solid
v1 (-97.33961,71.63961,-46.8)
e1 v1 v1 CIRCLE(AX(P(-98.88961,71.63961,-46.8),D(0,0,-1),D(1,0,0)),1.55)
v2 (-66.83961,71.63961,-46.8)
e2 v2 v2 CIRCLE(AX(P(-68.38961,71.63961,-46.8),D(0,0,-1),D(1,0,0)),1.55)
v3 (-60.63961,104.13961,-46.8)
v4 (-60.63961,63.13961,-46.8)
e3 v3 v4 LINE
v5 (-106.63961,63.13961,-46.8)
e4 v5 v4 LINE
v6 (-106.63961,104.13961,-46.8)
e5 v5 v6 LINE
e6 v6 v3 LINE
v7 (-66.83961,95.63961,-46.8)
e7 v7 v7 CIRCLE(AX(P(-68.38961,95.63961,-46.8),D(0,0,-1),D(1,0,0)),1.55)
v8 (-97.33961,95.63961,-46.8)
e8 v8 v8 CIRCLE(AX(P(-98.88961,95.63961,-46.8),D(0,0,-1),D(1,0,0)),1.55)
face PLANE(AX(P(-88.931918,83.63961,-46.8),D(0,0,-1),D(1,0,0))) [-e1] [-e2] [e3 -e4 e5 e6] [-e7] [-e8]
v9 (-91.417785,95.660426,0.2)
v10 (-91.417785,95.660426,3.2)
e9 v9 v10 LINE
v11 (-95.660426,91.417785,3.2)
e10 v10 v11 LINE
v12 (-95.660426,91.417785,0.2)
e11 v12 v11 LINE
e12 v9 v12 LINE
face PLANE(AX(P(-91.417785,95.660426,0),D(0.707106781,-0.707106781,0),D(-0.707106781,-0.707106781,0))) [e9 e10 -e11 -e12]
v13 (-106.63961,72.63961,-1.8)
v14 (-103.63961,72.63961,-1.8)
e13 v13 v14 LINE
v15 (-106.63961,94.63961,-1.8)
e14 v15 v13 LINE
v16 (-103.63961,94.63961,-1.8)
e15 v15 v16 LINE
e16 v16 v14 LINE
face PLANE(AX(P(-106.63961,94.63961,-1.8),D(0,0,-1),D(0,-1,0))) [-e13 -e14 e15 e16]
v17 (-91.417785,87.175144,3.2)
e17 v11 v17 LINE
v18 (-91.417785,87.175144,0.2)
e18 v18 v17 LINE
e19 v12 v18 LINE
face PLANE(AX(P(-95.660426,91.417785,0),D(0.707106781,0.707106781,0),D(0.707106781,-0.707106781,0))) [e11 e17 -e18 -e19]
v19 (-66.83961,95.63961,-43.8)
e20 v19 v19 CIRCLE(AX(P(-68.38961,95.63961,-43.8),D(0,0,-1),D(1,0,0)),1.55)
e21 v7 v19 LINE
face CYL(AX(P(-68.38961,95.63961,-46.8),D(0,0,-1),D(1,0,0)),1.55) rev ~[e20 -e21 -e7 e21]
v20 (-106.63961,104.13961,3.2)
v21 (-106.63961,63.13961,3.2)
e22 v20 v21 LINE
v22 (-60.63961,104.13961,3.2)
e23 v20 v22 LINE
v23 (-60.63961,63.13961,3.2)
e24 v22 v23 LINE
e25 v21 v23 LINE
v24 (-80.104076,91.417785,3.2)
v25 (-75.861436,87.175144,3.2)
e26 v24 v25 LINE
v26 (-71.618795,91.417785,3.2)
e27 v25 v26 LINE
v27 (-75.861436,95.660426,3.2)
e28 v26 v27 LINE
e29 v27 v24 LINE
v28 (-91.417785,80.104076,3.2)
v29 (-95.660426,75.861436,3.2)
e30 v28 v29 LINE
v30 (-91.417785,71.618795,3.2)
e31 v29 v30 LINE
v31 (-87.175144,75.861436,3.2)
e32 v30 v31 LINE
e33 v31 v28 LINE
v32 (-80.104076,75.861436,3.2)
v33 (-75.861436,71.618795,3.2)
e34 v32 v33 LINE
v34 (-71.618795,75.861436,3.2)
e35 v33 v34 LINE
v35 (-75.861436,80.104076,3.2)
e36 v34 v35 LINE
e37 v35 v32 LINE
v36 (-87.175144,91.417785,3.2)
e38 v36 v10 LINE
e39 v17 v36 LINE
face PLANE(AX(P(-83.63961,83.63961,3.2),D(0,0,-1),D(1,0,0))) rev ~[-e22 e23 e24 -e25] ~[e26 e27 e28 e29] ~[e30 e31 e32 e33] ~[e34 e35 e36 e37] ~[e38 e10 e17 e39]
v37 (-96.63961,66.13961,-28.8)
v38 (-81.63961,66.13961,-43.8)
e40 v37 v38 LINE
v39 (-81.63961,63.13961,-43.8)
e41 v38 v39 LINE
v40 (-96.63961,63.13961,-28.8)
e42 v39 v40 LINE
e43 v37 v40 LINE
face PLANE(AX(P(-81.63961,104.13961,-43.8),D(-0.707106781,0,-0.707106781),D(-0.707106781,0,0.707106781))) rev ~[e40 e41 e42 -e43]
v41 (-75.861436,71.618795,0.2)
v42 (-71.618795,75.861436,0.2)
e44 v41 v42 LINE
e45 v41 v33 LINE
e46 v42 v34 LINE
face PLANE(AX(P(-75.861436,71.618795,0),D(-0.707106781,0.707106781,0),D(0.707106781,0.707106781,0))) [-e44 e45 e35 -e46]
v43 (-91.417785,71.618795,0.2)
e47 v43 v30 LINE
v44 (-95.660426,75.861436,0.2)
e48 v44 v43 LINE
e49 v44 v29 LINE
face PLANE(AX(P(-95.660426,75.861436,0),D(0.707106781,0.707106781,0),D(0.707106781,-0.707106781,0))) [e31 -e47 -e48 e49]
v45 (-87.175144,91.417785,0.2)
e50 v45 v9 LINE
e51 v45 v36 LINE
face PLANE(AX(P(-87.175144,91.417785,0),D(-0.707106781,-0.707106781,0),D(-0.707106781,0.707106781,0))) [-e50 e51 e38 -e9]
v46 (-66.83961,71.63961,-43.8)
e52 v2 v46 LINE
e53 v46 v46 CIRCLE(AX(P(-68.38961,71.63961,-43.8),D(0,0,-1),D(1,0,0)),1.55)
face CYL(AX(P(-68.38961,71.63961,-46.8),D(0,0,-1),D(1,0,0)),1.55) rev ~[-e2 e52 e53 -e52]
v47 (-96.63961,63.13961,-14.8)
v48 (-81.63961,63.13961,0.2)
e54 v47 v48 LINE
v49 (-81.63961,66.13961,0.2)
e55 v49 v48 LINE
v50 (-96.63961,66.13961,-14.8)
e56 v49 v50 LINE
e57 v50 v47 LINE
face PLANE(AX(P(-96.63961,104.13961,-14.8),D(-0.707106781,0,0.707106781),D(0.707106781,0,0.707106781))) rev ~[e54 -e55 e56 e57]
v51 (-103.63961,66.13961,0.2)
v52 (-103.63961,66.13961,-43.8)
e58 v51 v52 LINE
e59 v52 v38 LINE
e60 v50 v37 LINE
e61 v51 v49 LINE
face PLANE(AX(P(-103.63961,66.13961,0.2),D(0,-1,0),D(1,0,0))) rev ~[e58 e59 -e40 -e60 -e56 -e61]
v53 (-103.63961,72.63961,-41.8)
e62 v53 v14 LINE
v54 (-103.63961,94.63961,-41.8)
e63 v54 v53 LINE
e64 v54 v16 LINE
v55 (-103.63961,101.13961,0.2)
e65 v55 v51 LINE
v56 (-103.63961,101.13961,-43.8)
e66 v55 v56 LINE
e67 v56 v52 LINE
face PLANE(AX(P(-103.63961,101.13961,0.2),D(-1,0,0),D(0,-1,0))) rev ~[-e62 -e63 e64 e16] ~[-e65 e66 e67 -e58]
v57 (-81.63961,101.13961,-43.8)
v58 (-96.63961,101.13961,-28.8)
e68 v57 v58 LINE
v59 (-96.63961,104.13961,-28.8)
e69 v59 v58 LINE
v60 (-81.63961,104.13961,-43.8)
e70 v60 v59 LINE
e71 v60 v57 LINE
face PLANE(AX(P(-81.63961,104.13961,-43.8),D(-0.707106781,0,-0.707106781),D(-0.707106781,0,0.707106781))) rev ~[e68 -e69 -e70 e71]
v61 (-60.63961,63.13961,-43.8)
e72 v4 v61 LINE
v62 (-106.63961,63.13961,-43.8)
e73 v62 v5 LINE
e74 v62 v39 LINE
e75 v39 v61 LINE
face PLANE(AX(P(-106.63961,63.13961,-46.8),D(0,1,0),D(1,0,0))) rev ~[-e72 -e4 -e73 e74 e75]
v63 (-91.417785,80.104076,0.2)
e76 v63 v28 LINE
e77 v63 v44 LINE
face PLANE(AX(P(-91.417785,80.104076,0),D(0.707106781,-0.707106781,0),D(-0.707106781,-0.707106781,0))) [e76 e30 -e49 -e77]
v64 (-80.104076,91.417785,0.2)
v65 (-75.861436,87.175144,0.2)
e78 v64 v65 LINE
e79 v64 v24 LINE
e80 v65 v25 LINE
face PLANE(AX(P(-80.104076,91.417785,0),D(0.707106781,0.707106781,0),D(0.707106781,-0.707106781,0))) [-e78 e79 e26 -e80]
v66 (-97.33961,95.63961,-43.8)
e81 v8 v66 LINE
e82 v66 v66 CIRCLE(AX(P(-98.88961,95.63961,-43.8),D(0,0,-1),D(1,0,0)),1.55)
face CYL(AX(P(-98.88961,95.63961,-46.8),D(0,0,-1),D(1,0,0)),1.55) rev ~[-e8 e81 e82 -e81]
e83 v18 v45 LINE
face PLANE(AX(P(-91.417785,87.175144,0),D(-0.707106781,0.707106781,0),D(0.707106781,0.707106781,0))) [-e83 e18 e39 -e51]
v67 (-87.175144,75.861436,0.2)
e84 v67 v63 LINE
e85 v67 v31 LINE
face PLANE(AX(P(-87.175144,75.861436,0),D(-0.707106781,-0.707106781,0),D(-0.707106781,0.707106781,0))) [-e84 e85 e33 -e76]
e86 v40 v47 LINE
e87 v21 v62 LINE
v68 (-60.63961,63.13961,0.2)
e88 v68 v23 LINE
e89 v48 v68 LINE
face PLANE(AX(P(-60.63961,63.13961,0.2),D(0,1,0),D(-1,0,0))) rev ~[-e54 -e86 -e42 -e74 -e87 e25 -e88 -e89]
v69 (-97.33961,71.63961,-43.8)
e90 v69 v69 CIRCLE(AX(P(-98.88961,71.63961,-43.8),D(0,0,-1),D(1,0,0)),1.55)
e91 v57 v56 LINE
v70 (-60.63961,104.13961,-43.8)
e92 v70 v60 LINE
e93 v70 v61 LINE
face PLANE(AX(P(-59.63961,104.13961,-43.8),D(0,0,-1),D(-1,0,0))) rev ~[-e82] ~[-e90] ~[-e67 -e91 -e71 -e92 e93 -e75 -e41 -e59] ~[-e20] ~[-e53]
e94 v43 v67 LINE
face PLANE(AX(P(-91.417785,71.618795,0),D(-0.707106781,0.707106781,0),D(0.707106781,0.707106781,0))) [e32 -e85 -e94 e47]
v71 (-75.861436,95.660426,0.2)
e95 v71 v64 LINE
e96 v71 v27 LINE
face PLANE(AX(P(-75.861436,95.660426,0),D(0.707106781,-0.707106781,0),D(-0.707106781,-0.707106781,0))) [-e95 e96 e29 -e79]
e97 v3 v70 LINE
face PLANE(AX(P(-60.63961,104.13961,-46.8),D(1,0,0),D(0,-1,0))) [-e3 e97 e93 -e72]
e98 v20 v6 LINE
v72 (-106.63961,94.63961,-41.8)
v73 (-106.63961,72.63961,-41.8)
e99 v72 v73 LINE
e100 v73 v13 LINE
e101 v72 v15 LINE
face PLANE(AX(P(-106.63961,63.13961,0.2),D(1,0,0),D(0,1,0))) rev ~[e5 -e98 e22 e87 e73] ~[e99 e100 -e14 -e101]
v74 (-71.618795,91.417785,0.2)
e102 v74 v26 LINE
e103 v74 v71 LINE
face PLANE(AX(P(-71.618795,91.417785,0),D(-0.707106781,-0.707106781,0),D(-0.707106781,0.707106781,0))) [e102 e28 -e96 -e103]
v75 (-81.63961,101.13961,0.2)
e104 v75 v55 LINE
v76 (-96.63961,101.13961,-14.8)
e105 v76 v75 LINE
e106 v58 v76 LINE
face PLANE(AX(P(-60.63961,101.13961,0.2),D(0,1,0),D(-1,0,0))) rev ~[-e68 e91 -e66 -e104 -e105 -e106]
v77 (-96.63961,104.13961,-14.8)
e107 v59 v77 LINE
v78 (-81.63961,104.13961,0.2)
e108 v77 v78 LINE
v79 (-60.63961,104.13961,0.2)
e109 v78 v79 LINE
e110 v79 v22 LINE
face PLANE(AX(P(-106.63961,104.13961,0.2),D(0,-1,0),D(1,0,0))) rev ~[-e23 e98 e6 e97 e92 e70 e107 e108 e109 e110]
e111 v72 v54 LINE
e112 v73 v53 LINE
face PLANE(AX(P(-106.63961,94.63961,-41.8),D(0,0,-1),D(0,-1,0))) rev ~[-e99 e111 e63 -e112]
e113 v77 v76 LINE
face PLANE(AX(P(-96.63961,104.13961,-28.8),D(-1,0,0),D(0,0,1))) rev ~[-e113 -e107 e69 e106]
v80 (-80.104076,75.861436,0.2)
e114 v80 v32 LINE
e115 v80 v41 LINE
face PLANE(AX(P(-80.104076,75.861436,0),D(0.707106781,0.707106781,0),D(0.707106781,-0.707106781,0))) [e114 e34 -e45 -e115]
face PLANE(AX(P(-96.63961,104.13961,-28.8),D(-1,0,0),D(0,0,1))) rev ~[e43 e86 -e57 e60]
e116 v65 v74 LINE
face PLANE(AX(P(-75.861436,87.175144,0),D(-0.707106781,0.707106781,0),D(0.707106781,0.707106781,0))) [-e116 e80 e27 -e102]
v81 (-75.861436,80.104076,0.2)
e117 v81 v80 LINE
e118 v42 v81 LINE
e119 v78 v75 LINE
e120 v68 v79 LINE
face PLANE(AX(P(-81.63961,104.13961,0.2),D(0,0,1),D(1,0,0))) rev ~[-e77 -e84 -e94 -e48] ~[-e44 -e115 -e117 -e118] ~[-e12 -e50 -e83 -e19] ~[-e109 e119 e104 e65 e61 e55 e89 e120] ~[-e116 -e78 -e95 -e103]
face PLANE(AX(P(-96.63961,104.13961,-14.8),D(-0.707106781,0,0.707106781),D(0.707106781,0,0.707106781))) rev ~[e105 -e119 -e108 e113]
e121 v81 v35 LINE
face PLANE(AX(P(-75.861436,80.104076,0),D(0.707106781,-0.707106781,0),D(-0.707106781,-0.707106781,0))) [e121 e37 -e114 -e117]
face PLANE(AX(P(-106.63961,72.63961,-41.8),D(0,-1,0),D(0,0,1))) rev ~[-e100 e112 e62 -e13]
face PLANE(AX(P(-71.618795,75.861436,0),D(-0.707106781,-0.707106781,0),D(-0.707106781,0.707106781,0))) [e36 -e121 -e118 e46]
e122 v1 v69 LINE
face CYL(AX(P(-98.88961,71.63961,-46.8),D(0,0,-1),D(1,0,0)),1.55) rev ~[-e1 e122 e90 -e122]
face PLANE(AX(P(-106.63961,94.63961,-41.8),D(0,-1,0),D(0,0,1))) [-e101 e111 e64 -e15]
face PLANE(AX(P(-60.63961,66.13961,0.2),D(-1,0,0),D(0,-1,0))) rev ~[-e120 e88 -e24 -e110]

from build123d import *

# Parameters (mm, degrees)
SKETCH033_W     = 46
SKETCH033_H     = 41
PAD022_DEPTH    = 3
POCKET011_DEPTH = 5
PAD023_DEPTH    = 47
SKETCH036_W     = 46
SKETCH036_H     = 41
PAD024_DEPTH    = 3
SKETCH037_R     = 1.55
POCKET012_DEPTH = 5
POCKET013_DEPTH = 41.001
SKETCH039_W     = 22
SKETCH039_H     = 40
POCKET014_DEPTH = 5


with BuildPart() as part:
    # Sketch033 (on Face1 of Binder006) → Pad022 (new body)
    with BuildSketch(Plane(origin=(0, 0, 3.2), x_dir=(1, 0, 0), z_dir=(0, 0, -1))):
        with Locations((-83.6396103068, -83.6396103068)):
            Rectangle(SKETCH033_W, SKETCH033_H)
    extrude(amount=PAD022_DEPTH)

    # Sketch034 → Pocket011 (cut)
    with BuildSketch(Plane.XY):
        Polygon((-91.4177848998, 95.660425587), (-95.660425587, 91.4177848998), (-91.4177848998, 87.1751442127), (-87.1751442127, 91.4177848998), align=None)
        Polygon((-75.8614357137, 95.660425587), (-80.1040764009, 91.4177848998), (-75.8614357137, 87.1751442127), (-71.6187950266, 91.4177848998), align=None)
        Polygon((-91.4177848998, 80.1040764009), (-95.660425587, 75.8614357137), (-91.4177848998, 71.6187950266), (-87.1751442127, 75.8614357137), align=None)
        Polygon((-80.1040764009, 75.8614357137), (-75.8614357137, 71.6187950266), (-71.6187950266, 75.8614357137), (-75.8614357137, 80.1040764009), align=None)
    extrude(amount=POCKET011_DEPTH, mode=Mode.SUBTRACT)

    # Sketch035 (on Face5 of Pocket011) → Pad023 (join)
    with BuildSketch(Plane(origin=(0, 0, 0.2), x_dir=(1, 0, 0), z_dir=(0, 0, -1))):
        Polygon((-60.6396103068, -63.1396103068), (-106.6396103068, -63.1396103068), (-106.6396103068, -104.1396103068), (-60.6396103068, -104.1396103068), (-60.6396103068, -101.1396103068), (-103.6396103068, -101.1396103068), (-103.6396103068, -66.1396103068), (-60.6396103068, -66.1396103068), align=None)
    extrude(amount=PAD023_DEPTH)

    # Sketch036 (on Face20 of Pad023) → Pad024 (join)
    with BuildSketch(Plane(origin=(0, 0, -46.8), x_dir=(1, 0, 0), z_dir=(0, 0, -1))):
        with Locations((-83.63961, -83.63961)):
            Rectangle(SKETCH036_W, SKETCH036_H)
    extrude(amount=-PAD024_DEPTH)

    # Sketch037 (on Face27 of Pad024) → Pocket012 (cut)
    with BuildSketch(Plane(origin=(0, 0, -46.8), x_dir=(1, 0, 0), z_dir=(0, 0, -1))):
        with Locations((-98.8896103068, -71.6396103068)):
            Circle(SKETCH037_R)
        with Locations((-68.3896103068, -71.6396103068)):
            Circle(SKETCH037_R)
        with Locations((-98.8896103068, -95.6396103068)):
            Circle(SKETCH037_R)
        with Locations((-68.3896103068, -95.6396103068)):
            Circle(SKETCH037_R)
    extrude(amount=-POCKET012_DEPTH, mode=Mode.SUBTRACT)

    # Sketch038 (on Face27 of Pocket012) → Pocket013 (cut, through all)
    with BuildSketch(Plane(origin=(0, 104.1396103068, 0), x_dir=(-1, 0, 0), z_dir=(0, 1, 0))):
        Polygon((81.6396103068, 0.2), (59.6396103068, 0.2), (59.6396103068, -43.8), (81.6396103068, -43.8), (96.6396103068, -28.8), (96.6396103068, -14.8), align=None)
    extrude(amount=-POCKET013_DEPTH, mode=Mode.SUBTRACT)

    # Sketch039 (on Face30 of Pocket013) → Pocket014 (cut)
    with BuildSketch(Plane(origin=(-106.6396103068, 0, 0), x_dir=(0, -1, 0), z_dir=(-1, 0, 0))):
        with Locations((-83.6396103068, -21.8)):
            Rectangle(SKETCH039_W, SKETCH039_H)
    extrude(amount=-POCKET014_DEPTH, mode=Mode.SUBTRACT)


solid = part.part
